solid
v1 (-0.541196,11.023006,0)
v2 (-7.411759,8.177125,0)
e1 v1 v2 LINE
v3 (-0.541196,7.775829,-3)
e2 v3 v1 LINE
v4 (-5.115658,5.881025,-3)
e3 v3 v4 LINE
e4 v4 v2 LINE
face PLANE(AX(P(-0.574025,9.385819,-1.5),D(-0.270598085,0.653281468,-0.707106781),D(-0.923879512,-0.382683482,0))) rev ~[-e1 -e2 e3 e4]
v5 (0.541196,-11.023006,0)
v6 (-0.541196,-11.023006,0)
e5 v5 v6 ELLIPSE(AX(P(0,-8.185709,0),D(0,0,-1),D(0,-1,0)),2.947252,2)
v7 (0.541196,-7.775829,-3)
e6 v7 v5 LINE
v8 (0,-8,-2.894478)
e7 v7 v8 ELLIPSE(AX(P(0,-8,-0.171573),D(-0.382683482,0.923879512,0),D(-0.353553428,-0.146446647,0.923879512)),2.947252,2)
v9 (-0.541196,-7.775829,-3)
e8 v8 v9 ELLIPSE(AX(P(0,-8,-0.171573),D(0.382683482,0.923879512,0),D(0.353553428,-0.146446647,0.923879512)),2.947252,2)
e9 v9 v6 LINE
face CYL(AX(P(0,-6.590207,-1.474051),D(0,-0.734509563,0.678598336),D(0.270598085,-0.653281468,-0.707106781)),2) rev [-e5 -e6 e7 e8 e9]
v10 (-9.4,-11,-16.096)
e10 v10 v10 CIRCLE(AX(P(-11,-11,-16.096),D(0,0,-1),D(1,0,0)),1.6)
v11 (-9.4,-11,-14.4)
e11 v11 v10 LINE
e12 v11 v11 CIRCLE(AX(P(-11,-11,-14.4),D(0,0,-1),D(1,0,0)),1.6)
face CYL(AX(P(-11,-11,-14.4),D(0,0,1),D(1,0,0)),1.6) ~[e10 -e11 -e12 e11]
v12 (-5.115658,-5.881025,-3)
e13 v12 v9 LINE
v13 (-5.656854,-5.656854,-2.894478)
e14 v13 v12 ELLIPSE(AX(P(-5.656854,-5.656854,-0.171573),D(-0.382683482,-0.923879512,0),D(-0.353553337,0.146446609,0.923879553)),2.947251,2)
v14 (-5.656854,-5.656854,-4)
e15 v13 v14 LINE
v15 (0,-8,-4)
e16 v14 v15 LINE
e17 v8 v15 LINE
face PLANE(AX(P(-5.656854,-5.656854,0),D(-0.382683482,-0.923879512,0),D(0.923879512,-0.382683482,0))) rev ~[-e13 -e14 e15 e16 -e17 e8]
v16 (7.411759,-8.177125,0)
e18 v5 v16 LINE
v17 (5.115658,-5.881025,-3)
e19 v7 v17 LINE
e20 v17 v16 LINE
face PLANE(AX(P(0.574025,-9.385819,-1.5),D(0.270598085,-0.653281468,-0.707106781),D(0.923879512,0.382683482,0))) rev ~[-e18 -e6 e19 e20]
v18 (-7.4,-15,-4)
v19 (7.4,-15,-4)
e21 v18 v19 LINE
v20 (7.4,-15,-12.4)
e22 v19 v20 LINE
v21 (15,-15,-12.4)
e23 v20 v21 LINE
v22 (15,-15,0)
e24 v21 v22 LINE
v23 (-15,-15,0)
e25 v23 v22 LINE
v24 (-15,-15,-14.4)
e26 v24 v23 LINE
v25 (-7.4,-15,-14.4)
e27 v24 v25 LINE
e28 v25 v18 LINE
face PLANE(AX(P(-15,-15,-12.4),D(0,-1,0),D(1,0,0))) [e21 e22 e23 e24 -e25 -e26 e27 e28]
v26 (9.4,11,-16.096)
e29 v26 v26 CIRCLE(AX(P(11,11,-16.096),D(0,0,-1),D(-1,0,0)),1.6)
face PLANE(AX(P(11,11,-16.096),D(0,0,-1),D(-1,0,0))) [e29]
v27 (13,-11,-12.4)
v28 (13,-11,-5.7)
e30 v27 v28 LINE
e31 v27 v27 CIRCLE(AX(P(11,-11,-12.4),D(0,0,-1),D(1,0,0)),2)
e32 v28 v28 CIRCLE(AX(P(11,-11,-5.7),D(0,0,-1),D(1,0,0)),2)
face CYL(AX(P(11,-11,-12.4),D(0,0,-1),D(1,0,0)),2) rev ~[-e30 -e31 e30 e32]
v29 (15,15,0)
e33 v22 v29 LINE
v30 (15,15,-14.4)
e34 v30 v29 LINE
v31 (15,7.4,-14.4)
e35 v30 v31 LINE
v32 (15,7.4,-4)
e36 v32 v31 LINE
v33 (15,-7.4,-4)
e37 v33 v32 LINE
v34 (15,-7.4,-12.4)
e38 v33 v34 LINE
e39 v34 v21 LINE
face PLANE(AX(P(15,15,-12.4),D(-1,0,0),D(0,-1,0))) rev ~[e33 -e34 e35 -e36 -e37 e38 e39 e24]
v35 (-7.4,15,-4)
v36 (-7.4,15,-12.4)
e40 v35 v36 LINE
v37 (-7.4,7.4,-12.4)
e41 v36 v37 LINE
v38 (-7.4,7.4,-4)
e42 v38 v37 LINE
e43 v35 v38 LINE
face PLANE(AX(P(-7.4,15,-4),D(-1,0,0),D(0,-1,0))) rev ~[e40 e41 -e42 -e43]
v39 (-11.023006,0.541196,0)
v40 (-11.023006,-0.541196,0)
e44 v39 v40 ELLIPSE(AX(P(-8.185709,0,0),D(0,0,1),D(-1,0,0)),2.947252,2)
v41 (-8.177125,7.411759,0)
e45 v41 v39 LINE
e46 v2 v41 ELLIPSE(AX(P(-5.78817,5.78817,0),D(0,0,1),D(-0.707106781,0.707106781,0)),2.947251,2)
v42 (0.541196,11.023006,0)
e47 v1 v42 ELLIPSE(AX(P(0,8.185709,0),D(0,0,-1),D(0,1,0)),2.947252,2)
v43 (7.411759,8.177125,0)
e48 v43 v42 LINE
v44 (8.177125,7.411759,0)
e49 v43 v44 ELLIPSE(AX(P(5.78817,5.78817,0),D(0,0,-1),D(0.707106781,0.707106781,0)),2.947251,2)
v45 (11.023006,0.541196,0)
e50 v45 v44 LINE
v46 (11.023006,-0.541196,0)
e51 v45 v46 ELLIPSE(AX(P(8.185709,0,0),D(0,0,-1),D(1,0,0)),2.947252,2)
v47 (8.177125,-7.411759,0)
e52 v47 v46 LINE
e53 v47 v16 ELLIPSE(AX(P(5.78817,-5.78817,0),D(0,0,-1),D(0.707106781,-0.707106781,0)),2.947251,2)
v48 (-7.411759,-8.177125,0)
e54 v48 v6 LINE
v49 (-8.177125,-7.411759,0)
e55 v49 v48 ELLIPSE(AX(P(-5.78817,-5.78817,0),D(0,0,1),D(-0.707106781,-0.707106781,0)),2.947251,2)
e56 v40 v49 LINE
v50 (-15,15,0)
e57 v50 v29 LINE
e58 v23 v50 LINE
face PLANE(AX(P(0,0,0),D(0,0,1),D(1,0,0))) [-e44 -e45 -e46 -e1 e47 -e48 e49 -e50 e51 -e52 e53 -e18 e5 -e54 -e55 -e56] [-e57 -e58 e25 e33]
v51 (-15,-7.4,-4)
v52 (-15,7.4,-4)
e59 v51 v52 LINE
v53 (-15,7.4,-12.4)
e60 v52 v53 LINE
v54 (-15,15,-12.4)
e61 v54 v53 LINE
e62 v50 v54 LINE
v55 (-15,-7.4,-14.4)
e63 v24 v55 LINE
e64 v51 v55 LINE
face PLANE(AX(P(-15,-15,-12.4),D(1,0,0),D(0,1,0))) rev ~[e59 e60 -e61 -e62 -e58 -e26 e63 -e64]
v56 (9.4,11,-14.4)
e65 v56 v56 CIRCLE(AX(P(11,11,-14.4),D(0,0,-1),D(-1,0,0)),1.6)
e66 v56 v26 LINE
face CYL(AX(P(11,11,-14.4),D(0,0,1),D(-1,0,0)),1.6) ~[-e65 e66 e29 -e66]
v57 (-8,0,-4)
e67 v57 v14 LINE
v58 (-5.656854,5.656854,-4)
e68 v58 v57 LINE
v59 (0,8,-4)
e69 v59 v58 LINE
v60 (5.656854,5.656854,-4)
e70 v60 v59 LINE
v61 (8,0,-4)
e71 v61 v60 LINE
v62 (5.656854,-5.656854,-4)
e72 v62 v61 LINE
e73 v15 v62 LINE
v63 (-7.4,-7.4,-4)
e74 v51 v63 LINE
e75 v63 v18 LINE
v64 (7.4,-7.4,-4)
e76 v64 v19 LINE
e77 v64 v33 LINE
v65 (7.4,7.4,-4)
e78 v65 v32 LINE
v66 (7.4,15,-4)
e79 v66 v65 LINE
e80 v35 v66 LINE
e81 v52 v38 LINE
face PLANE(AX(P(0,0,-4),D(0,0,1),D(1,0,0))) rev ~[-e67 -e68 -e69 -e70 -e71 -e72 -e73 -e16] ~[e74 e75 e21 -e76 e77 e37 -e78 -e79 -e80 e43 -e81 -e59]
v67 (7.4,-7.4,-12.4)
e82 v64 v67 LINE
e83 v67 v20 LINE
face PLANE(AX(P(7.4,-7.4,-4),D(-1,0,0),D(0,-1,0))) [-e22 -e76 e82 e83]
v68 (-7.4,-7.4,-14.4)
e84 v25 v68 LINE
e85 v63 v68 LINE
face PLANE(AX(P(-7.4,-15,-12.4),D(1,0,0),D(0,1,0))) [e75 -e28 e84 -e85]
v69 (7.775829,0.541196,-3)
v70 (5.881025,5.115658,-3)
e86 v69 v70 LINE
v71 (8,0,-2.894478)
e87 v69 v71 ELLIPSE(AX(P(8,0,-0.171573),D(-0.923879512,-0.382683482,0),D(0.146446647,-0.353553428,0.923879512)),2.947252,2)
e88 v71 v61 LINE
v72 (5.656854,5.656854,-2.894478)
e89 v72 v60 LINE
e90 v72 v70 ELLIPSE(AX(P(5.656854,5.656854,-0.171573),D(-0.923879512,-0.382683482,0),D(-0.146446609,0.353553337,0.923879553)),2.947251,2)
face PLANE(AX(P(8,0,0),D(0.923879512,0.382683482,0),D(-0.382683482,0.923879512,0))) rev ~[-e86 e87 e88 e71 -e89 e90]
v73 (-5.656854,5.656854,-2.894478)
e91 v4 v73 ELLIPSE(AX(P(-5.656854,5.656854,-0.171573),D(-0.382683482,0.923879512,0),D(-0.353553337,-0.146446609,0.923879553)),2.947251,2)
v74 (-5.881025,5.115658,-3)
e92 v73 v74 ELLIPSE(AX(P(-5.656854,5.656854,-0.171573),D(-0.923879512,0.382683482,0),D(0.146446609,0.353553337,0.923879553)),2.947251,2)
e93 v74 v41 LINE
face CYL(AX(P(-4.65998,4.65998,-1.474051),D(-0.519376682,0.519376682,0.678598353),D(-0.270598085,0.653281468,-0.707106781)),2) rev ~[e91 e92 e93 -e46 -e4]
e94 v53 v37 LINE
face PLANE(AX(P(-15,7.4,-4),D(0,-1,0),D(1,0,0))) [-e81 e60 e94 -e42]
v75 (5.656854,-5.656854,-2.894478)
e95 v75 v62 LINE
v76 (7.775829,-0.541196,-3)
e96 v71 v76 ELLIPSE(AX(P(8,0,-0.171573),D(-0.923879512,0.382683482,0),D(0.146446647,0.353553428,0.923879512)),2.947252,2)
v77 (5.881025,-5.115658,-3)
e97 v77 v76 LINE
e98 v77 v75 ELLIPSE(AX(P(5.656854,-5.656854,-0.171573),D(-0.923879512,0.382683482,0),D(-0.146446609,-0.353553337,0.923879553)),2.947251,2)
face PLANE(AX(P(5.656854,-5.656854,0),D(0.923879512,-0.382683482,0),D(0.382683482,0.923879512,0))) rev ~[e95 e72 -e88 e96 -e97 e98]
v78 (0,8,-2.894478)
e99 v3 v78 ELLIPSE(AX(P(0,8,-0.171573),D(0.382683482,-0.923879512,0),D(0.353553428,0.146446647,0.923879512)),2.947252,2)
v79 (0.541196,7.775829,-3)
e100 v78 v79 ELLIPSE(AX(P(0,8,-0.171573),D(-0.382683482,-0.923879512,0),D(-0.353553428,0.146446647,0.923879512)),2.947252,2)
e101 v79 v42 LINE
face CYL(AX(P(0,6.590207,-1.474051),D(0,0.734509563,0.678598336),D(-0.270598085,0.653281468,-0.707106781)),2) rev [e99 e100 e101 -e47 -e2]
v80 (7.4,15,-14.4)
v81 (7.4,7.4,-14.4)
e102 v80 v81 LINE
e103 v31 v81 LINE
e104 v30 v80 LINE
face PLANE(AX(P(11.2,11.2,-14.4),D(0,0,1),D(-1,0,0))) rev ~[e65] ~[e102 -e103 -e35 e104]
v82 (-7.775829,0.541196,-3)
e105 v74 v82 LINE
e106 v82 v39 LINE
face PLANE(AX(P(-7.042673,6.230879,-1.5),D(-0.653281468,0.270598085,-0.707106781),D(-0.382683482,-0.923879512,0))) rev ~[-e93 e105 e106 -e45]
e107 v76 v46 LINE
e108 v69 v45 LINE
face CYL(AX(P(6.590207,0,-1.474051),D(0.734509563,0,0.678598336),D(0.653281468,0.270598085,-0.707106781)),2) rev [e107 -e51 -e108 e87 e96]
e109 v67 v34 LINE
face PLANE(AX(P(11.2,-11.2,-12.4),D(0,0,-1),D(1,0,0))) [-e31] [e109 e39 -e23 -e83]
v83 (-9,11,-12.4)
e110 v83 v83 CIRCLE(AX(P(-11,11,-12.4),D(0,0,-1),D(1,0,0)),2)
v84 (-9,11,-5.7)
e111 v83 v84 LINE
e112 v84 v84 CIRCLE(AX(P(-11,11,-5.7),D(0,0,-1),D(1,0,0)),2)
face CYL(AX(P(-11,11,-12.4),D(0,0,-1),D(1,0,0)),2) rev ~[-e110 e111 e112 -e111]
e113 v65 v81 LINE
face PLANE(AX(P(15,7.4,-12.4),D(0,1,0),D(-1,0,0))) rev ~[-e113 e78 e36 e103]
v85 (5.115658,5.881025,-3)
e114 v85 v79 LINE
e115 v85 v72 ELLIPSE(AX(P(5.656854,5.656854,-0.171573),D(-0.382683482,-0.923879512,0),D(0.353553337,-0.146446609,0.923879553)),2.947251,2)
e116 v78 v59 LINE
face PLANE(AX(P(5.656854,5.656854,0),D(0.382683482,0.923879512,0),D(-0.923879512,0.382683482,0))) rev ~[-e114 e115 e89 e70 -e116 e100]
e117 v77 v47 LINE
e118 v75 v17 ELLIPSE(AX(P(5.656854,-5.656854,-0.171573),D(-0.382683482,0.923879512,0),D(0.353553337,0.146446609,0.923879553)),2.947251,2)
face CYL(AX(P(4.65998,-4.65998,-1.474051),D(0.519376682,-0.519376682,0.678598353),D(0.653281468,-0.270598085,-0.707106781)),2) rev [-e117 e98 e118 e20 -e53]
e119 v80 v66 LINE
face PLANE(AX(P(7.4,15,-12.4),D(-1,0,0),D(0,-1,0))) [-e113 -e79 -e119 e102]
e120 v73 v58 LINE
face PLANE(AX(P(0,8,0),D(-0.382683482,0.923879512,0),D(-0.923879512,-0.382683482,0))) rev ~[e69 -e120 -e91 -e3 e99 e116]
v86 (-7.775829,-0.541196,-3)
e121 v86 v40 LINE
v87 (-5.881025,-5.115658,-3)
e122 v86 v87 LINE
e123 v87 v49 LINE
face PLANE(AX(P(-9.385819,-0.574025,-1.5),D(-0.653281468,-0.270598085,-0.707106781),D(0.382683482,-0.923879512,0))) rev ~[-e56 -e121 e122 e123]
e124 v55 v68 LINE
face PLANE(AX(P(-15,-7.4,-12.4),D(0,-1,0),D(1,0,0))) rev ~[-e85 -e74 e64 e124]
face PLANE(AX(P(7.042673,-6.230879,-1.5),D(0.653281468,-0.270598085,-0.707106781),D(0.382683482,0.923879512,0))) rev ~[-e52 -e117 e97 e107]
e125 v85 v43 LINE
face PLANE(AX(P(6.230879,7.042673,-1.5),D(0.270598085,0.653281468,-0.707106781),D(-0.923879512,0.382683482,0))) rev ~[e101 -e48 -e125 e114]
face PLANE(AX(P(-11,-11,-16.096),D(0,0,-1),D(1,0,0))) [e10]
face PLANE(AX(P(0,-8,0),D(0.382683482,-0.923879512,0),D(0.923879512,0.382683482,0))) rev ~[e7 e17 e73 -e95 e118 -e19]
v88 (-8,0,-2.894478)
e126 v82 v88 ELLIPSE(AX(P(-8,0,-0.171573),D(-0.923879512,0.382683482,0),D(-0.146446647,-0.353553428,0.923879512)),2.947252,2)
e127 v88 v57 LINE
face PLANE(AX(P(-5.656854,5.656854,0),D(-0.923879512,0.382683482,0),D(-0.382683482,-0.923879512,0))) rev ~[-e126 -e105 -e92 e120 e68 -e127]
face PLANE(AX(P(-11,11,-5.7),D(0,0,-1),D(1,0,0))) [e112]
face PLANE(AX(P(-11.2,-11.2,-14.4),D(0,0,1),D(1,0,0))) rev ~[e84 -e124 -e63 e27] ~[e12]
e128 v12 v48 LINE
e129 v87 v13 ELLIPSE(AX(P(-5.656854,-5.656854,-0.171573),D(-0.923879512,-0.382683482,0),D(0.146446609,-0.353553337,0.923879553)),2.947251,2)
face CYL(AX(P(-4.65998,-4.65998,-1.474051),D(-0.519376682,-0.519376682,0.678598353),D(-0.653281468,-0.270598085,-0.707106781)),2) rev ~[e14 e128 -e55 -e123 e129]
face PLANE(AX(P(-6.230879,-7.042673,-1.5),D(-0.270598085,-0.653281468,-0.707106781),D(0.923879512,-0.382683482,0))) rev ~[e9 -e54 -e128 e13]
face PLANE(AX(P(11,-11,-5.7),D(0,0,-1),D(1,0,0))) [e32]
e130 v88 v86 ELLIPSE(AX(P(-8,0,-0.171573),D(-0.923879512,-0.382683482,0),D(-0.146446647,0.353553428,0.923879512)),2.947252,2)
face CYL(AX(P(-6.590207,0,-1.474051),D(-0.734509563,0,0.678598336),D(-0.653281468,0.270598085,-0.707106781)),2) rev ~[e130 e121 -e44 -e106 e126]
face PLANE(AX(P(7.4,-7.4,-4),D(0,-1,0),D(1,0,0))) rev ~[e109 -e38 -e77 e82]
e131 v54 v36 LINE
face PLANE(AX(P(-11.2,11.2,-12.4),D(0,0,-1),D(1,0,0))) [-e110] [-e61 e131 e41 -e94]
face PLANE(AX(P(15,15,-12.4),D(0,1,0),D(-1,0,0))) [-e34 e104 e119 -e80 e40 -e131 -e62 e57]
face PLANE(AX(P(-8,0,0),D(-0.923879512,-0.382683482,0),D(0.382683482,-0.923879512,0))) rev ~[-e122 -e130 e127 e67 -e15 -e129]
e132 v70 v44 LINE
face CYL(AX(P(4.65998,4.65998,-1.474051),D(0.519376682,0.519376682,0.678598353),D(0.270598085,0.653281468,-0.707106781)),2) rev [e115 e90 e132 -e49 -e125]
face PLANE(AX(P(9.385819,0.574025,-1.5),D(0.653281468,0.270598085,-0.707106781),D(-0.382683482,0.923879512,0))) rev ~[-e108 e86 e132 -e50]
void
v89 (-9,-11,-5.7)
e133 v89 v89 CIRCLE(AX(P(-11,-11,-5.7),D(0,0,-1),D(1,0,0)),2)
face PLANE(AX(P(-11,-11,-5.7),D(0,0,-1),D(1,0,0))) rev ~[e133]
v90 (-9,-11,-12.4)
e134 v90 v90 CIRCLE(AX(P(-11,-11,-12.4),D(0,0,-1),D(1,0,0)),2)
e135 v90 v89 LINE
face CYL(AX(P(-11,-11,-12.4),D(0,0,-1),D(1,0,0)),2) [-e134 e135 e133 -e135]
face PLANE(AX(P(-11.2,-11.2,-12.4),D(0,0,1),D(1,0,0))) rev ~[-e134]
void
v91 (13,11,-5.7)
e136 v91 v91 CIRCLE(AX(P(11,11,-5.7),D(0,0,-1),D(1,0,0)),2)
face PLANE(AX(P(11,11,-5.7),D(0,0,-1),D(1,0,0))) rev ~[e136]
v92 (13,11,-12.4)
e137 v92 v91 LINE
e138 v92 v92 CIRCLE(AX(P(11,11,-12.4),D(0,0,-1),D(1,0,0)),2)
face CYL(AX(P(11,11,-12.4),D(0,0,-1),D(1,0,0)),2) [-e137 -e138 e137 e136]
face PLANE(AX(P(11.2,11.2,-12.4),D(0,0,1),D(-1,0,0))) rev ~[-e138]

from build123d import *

# Parameters (mm, degrees)
SKETCH023_W             = 7.6
SKETCH023_H             = 7.6
PAD012_DEPTH            = 2
SKETCH024_R             = 1.6
PAD013_DEPTH            = 1.696
BODY042_PLACEMENT_ANGLE = 180
SKETCH020_W             = 30
SKETCH020_H             = 30
PAD010_DEPTH            = 4
CHAMFER_SIZE            = 3
FILLET011_R             = 2
SKETCH021_W             = 7.6
SKETCH021_H             = 7.6
PAD011_DEPTH            = 8.4
SKETCH022_R             = 2
POCKET004_DEPTH         = 6.7


with BuildPart() as f_3dprintstand:
    # Sketch023 → Pad012 (new body)
    with BuildSketch(Plane.XY):
        with Locations((-11.2, -11.2)):
            Rectangle(SKETCH023_W, SKETCH023_H)
    extrude(amount=-PAD012_DEPTH)

    # Sketch024 (on Face6 of Pad012) → Pad013 (join)
    with BuildSketch(Plane(origin=(0, 0, -2), x_dir=(1, 0, 0), z_dir=(0, 0, -1))):
        with Locations((-11, 11)):
            Circle(SKETCH024_R)
    extrude(amount=PAD013_DEPTH)


with BuildPart() as f_3dprintstand_1:
    # Body029 placement: moved
    add(f_3dprintstand.part.moved(Location((0, 0, -12.4))))


with BuildPart() as fusion_3dprintstand:
    # Body043 base: copy of 3DPrintStand
    add(f_3dprintstand_1.part)


with BuildPart() as body044:
    # Body042 base: copy of 3DPrintStand
    add(f_3dprintstand_1.part)


with BuildPart() as body044_1:
    # Body042 placement: moved
    add(body044.part.rotate(Axis((0, 0, 0), (0, 0, 1)), BODY042_PLACEMENT_ANGLE))


with BuildPart() as fusion_sockettop:
    # Sketch020 → Pad010 (new body)
    with BuildSketch(Plane.XY):
        Rectangle(SKETCH020_W, SKETCH020_H)
        Polygon((0, 8), (-5.656854, 5.656854), (-8, 0), (-5.656854, -5.656854), (0, -8), (5.656854, -5.656854), (8, 0), (5.656854, 5.656854), align=None, mode=Mode.SUBTRACT)
    extrude(amount=-PAD010_DEPTH)

    # Chamfer
    chamfer_edges = [fusion_sockettop.edges().sort_by_distance(p)[0] for p in [
        (2.828427, 6.828427, 0),
        (6.828427, 2.828427, 0),
        (6.828427, -2.828427, 0),
        (2.828427, -6.828427, 0),
        (-2.828427, -6.828427, 0),
        (-6.828427, -2.828427, 0),
        (-6.828427, 2.828427, 0),
        (-2.828427, 6.828427, 0),
    ]]
    chamfer(chamfer_edges, length=CHAMFER_SIZE)

    # Fillet011
    fillet011_edges = [fusion_sockettop.edges().sort_by_distance(p)[0] for p in [
        (-6.804905, 6.804905, -1.5),
        (0, 9.623588, -1.5),
        (6.804905, 6.804905, -1.5),
        (9.623588, 0, -1.5),
        (-6.804905, -6.804905, -1.5),
        (-9.623588, 0, -1.5),
        (0, -9.623588, -1.5),
        (6.804905, -6.804905, -1.5),
    ]]
    fillet(fillet011_edges, radius=FILLET011_R)

    # Sketch021 (on Face4 of Fillet011) → Pad011 (join)
    with BuildSketch(Plane(origin=(0, 0, -4), x_dir=(1, 0, 0), z_dir=(0, 0, -1))):
        with Locations((-11.2, -11.2)):
            Rectangle(SKETCH021_W, SKETCH021_H)
        with Locations((11.2, -11.2)):
            Rectangle(SKETCH021_W, SKETCH021_H)
        with Locations((11.2, 11.2)):
            Rectangle(SKETCH021_W, SKETCH021_H)
        with Locations((-11.2, 11.2)):
            Rectangle(SKETCH021_W, SKETCH021_H)
    extrude(amount=PAD011_DEPTH)

    # Sketch022 (on Face43 of Pad011) → Pocket004 (cut)
    with BuildSketch(Plane(origin=(0, 0, -12.4), x_dir=(1, 0, 0), z_dir=(0, 0, -1))):
        with Locations((-11, 11)):
            Circle(SKETCH022_R)
        with Locations((11, 11)):
            Circle(SKETCH022_R)
        with Locations((11, -11)):
            Circle(SKETCH022_R)
        with Locations((-11, -11)):
            Circle(SKETCH022_R)
    extrude(amount=-POCKET004_DEPTH, mode=Mode.SUBTRACT)

    # Boolean003: union Fusion_3DPrintStand, Body044
    add(fusion_3dprintstand.part)
    add(body044_1.part)


solid = fusion_sockettop.part
